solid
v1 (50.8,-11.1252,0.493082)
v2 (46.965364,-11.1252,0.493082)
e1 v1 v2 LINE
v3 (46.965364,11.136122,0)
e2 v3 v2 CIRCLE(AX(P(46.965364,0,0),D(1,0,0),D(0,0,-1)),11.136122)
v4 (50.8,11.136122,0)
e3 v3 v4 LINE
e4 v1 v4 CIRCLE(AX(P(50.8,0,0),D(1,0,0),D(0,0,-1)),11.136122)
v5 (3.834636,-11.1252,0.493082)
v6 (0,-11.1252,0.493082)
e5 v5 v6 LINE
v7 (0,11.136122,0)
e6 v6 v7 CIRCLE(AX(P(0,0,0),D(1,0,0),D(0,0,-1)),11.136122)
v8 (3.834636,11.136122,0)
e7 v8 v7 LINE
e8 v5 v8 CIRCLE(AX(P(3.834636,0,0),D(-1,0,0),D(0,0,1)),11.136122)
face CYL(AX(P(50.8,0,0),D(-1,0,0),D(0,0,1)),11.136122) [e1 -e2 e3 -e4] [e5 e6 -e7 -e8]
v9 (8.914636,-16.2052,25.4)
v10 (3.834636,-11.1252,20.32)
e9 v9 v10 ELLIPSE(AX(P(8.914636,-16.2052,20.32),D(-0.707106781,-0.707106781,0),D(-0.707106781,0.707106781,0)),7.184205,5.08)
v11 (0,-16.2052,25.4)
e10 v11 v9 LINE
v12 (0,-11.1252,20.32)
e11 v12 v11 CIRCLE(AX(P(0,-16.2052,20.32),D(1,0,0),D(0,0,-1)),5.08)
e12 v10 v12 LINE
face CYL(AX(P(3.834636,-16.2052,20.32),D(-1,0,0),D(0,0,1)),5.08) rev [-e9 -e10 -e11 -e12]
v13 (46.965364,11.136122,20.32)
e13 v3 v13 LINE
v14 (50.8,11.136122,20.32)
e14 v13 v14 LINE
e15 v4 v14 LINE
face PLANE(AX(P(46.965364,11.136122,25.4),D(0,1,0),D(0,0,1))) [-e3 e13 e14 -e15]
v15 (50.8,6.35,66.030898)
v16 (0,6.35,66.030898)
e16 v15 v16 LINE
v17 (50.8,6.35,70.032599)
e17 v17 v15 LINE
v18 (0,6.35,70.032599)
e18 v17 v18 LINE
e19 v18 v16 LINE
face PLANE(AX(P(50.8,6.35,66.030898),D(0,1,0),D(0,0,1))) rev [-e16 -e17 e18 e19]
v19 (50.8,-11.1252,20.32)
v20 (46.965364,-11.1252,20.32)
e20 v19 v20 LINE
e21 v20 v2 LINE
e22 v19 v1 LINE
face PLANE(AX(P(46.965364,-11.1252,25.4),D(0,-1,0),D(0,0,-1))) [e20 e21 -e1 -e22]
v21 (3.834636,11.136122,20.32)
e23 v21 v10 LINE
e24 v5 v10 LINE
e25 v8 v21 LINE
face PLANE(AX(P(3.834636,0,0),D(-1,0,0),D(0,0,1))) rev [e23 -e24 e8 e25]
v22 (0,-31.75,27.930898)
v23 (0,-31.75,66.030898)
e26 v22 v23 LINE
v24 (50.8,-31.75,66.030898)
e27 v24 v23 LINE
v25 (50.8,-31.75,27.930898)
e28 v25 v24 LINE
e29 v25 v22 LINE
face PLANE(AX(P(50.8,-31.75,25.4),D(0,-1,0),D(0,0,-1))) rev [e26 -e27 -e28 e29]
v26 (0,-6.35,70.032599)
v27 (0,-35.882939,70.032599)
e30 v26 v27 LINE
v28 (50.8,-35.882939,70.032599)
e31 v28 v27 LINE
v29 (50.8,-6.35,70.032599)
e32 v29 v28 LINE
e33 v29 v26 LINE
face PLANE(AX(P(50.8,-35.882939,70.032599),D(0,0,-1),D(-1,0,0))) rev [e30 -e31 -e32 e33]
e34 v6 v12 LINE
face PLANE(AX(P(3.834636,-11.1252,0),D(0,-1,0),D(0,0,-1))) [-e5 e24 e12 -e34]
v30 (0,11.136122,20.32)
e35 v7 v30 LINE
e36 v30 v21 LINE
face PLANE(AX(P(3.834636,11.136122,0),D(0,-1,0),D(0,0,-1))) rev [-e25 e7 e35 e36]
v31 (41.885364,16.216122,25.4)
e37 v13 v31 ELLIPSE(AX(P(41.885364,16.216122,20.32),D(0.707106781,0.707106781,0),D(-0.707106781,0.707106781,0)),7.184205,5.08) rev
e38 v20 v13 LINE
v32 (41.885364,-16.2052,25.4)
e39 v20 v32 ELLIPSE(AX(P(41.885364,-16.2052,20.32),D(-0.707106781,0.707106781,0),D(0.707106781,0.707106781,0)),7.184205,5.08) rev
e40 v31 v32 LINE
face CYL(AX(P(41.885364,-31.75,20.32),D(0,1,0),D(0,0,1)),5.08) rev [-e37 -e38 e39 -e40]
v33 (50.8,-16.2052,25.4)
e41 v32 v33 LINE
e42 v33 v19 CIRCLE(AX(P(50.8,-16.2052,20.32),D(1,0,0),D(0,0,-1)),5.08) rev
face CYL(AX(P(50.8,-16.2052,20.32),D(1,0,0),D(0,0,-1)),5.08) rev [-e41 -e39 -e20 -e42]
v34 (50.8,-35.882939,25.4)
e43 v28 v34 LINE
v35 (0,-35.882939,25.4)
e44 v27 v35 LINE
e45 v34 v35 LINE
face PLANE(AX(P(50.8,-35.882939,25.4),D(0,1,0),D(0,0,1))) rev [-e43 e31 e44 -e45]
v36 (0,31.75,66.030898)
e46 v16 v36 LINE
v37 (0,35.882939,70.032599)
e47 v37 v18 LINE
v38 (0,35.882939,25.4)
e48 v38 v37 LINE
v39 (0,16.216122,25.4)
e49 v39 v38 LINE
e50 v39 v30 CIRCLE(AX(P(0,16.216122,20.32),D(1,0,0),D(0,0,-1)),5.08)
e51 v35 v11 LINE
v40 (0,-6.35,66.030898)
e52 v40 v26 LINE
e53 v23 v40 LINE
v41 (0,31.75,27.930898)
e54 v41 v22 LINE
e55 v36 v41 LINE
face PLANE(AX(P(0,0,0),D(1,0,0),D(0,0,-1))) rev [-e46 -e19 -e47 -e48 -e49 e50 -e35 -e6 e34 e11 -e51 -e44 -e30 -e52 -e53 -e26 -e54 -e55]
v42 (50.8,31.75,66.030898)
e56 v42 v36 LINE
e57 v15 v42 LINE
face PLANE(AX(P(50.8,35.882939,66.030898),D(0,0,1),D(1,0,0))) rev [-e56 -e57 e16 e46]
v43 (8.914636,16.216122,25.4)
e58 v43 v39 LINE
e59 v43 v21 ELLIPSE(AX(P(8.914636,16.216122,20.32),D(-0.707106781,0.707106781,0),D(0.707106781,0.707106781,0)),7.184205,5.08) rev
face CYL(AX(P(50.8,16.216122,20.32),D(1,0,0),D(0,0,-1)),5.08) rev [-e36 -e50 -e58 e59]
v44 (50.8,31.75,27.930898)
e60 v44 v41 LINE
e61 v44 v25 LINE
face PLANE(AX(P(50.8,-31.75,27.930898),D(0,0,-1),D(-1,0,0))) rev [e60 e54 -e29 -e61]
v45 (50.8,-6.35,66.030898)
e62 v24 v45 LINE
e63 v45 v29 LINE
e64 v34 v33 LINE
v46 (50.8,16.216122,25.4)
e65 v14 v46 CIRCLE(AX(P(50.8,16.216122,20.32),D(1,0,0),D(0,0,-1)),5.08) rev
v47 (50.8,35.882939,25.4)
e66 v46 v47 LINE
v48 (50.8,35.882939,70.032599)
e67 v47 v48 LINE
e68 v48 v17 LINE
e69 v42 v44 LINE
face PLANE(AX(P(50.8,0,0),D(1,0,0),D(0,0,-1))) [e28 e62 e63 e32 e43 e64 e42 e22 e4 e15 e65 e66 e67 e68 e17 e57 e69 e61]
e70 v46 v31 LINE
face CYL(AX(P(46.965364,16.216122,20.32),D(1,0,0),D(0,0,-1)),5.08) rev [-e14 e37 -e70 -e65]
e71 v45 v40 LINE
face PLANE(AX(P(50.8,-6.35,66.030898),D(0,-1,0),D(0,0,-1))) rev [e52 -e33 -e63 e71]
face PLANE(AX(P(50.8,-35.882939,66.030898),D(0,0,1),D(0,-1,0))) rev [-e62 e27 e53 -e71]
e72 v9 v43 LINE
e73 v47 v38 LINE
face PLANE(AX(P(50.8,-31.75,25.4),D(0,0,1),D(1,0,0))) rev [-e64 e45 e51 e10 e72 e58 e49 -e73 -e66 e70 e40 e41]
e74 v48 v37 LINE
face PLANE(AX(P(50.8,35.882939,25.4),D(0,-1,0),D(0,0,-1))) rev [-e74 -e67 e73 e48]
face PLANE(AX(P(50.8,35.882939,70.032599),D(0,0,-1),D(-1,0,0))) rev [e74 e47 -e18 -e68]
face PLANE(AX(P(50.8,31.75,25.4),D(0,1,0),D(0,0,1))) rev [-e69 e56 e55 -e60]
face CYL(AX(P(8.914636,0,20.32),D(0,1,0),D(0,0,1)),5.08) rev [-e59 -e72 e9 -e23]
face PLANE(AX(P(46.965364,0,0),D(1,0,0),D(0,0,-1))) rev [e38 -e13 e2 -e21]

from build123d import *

# Parameters (mm, degrees)
SKETCH1_R           = 11.136121628
BOSS_EXTRUDE1_DEPTH = 50.8
SKETCH2_W           = 22.261321628
SKETCH2_H           = 25.4
BOSS_EXTRUDE2_DEPTH = 3.834635566
SKETCH3_W           = 63.5
SKETCH3_H           = 2.530898103
BOSS_EXTRUDE3_DEPTH = 50.8
SKETCH4_W           = 4.132939296
SKETCH4_H           = 40.630898103
BOSS_EXTRUDE4_DEPTH = 50.8
SKETCH5_W           = 29.532939296
SKETCH5_H           = 4.001701266
BOSS_EXTRUDE5_DEPTH = 50.8
SKETCH6_W           = 22.261321628
SKETCH6_H           = 25.4
BOSS_EXTRUDE6_DEPTH = 3.834635566
FILLET2_R           = 5.08


with BuildPart() as part:
    # Sketch1 → Boss-Extrude1 (new body)
    with BuildSketch(Plane.YZ):
        with Locations(Location((0, 0, 0), (0, 0, 270))):
            Circle(SKETCH1_R)
    extrude(amount=BOSS_EXTRUDE1_DEPTH)

    # Sketch2 → Boss-Extrude2 (add)
    with BuildSketch(Plane(origin=(0, 0, 0), x_dir=(0, -1, 0), z_dir=(-1, 0, 0))):
        with Locations((-0.005460814, 12.7)):
            Rectangle(SKETCH2_W, SKETCH2_H)
    extrude(amount=-BOSS_EXTRUDE2_DEPTH)

    # Sketch3 → Boss-Extrude3 (add)
    with BuildSketch(Plane.YZ):
        with Locations((0, 26.665449052)):
            Rectangle(SKETCH3_W, SKETCH3_H)
    extrude(amount=BOSS_EXTRUDE3_DEPTH)

    # Sketch4 → Boss-Extrude4 (add)
    with BuildSketch(Plane.YZ):
        with Locations((-33.816469648, 45.715449052)):
            Rectangle(SKETCH4_W, SKETCH4_H)
        with Locations((33.816469648, 45.715449052)):
            Rectangle(SKETCH4_W, SKETCH4_H)
    extrude(amount=BOSS_EXTRUDE4_DEPTH)

    # Sketch5 → Boss-Extrude5 (add)
    with BuildSketch(Plane.YZ):
        with Locations((-21.116469648, 68.031748736)):
            Rectangle(SKETCH5_W, SKETCH5_H)
        with Locations((21.116469648, 68.031748736)):
            Rectangle(SKETCH5_W, SKETCH5_H)
    extrude(amount=BOSS_EXTRUDE5_DEPTH)

    # Sketch6 → Boss-Extrude6 (add)
    with BuildSketch(Plane.YZ.offset(50.8)):
        with Locations((0.005460814, 12.7)):
            Rectangle(SKETCH6_W, SKETCH6_H)
    extrude(amount=-BOSS_EXTRUDE6_DEPTH)

    # Fillet2
    fillet2_edges = [part.edges().sort_by_distance(p)[0] for p in [
        (1.917317783, 11.136121628, 25.4),
        (3.834635566, 0.005460814, 25.4),
        (1.917317783, -11.1252, 25.4),
        (46.965364434, 0.005460814, 25.4),
        (48.882682217, -11.1252, 25.4),
        (48.882682217, 11.136121628, 25.4),
    ]]
    fillet(fillet2_edges, radius=FILLET2_R)


solid = part.part
